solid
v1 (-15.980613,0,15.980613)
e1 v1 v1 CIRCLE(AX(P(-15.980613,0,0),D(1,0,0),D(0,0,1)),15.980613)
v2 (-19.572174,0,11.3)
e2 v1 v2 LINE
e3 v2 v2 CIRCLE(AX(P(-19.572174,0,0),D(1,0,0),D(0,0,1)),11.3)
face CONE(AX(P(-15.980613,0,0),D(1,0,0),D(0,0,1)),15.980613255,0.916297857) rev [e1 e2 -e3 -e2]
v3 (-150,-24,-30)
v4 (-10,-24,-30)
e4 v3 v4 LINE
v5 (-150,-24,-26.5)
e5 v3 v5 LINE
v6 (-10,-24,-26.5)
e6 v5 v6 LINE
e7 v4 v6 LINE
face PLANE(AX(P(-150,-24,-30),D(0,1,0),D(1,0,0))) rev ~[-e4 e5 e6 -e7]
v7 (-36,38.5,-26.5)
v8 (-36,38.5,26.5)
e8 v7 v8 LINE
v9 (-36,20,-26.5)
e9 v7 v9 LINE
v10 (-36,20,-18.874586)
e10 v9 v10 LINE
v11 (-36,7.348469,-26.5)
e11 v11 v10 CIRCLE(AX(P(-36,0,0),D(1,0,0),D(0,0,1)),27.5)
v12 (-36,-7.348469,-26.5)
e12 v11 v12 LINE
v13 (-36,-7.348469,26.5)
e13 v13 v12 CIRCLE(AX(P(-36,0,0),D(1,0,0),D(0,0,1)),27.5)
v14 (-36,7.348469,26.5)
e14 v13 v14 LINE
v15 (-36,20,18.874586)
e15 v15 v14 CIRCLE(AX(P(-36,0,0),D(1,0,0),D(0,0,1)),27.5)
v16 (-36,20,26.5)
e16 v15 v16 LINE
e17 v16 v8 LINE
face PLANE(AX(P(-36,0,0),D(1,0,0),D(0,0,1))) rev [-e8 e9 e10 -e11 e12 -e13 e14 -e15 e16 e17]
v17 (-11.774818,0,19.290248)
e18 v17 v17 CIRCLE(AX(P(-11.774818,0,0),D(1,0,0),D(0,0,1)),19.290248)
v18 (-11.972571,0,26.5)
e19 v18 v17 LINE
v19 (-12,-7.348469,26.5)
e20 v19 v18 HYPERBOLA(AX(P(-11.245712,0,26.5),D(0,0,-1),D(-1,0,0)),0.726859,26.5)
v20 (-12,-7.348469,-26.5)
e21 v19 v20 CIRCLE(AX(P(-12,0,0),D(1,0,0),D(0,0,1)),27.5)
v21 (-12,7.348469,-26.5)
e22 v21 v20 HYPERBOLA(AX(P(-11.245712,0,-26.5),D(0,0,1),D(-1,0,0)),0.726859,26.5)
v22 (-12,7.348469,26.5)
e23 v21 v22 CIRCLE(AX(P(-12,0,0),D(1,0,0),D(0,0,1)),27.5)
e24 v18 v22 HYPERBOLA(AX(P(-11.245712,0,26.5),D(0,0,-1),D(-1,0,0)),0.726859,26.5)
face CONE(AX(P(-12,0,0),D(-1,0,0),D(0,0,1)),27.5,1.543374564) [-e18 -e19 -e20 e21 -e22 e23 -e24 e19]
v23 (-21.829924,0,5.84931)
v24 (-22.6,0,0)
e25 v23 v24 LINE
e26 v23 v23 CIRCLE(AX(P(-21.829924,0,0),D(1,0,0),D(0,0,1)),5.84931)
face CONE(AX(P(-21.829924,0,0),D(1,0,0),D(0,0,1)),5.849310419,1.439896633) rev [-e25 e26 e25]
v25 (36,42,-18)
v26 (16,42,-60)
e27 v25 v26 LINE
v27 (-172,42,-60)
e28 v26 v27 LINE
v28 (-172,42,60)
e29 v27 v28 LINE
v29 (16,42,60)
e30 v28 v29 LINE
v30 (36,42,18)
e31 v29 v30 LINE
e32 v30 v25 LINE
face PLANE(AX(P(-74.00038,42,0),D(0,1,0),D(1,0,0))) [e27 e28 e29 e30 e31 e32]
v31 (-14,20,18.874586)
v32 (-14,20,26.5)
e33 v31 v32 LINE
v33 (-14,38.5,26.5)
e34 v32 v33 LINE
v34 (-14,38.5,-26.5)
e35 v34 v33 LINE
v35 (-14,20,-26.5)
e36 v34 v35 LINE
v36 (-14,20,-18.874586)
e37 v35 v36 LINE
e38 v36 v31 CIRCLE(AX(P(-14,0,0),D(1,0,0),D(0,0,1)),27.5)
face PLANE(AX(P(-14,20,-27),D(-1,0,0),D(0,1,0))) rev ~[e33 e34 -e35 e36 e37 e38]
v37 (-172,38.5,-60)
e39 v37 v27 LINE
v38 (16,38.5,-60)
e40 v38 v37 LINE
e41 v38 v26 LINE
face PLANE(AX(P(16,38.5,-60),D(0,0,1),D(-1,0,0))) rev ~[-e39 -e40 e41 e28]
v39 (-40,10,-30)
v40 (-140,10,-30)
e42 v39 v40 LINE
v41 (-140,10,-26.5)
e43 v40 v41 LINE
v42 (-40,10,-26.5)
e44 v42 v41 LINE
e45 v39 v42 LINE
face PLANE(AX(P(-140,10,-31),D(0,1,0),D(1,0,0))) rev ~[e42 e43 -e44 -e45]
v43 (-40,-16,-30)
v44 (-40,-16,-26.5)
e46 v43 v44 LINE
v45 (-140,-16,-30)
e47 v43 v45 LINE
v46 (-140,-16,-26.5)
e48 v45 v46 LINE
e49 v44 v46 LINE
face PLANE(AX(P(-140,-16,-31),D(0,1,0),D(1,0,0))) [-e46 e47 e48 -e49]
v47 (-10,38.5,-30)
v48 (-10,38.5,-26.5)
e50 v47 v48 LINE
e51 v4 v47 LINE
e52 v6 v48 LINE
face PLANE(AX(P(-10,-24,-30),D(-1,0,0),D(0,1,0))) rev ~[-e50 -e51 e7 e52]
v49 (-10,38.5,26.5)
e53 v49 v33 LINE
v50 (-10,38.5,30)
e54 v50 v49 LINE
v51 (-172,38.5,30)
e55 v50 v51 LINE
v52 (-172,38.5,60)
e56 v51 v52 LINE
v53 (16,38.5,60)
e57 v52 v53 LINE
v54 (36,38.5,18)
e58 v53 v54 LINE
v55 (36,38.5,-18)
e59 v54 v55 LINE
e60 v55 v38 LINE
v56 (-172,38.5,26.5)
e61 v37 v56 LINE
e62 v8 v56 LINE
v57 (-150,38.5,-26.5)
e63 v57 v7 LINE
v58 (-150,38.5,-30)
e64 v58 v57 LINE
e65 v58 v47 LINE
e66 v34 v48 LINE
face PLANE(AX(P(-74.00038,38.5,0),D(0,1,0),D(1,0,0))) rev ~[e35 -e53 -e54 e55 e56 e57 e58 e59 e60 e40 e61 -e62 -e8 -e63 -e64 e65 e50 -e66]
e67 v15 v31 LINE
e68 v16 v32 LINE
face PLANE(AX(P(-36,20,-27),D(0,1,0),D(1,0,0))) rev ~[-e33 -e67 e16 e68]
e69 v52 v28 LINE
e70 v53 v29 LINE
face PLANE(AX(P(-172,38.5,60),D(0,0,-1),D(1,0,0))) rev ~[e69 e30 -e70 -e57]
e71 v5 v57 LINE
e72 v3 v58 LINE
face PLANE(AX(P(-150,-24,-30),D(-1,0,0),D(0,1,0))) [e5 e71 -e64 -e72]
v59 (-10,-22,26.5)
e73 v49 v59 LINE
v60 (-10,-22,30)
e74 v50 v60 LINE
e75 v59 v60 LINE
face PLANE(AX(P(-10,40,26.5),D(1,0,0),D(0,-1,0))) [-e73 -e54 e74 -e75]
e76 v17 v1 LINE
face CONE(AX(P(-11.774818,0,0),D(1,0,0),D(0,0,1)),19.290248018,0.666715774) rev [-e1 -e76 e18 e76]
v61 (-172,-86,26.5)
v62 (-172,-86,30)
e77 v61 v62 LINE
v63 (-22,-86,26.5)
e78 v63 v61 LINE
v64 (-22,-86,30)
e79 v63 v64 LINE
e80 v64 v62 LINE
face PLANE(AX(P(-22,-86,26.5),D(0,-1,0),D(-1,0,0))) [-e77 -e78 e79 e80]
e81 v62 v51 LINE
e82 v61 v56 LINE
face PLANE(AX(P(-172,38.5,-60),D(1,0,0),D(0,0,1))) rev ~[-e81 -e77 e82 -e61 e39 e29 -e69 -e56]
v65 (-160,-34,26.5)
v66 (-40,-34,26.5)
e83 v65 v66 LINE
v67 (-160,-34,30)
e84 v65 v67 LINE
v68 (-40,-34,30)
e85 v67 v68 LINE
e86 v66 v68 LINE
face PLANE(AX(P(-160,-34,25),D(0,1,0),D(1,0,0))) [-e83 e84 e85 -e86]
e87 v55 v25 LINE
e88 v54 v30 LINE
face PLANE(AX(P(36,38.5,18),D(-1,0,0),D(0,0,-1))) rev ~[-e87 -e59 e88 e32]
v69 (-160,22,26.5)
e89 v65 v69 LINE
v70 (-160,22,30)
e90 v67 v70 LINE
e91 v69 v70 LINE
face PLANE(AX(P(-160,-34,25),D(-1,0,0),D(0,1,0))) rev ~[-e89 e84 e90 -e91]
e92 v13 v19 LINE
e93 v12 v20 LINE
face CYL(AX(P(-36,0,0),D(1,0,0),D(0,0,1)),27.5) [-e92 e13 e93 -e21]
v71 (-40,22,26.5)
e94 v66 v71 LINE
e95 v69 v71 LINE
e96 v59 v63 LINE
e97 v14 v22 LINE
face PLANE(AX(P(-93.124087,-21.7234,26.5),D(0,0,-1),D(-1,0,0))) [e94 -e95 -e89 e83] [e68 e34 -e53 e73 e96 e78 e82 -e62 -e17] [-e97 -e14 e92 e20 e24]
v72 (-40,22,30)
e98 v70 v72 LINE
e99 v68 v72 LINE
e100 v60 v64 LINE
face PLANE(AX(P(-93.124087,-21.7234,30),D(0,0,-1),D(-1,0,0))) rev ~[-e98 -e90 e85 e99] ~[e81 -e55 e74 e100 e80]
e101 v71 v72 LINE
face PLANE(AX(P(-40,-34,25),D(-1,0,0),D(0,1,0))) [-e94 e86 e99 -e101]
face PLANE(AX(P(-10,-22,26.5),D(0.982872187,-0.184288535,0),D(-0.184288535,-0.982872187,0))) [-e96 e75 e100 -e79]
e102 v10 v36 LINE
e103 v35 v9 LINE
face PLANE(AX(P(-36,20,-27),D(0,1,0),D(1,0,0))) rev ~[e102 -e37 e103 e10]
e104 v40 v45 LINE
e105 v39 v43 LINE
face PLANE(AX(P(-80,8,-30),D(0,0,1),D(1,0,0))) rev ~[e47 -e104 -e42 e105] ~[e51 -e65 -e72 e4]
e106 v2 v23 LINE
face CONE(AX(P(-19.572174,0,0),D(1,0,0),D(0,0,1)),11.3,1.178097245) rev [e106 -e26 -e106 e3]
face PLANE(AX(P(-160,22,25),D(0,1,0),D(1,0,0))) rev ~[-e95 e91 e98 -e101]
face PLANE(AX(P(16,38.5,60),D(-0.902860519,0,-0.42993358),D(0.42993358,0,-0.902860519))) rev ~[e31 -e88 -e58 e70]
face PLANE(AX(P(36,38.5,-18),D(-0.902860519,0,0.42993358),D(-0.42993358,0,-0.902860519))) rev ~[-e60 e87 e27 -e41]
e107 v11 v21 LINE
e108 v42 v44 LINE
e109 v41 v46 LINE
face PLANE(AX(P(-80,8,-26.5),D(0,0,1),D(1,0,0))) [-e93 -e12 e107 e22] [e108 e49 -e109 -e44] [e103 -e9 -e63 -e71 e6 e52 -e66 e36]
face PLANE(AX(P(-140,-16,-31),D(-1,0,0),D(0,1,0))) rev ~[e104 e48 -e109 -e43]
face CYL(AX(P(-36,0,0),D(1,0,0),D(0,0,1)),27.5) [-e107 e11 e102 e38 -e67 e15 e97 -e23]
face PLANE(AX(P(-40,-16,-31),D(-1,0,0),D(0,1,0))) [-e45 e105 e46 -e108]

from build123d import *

# Parameters (mm, degrees)
PLACA_SUPERIOR_ACROMION_DEPTH  = 3.5
PLACA_POSTERIOR_ESCAPULA_DEPTH = 3.5
SKETCH3_W                      = 140
SKETCH3_H                      = 64
PLACA_ANTERIOR_DEPTH           = 3.5
SKETCH4_W                      = 22
SKETCH4_H                      = 20
CUELLO_GLENOIDEO_DEPTH         = 54
SKETCH6_W                      = 120
SKETCH6_H                      = 56
VENTANA_POSTERIOR_DEPTH        = 6
SKETCH7_W                      = 100
SKETCH7_H                      = 26
VENTANA_ANTERIOR_DEPTH         = 6


with BuildPart() as part:
    # Sketch1 → Placa_superior_acromion (new body)
    with BuildSketch(Plane(origin=(0, 38.5, 0), x_dir=(1, 0, 0), z_dir=(0, 1, 0))):
        Polygon((-172, -60), (16, -60), (36, -18), (36, 18), (16, 60), (-172, 60), align=None)
    extrude(amount=PLACA_SUPERIOR_ACROMION_DEPTH)

    # Sketch2 → Placa_posterior_escapula (add)
    with BuildSketch(Plane.XY.offset(26.5)):
        Polygon((-172, 40), (-10, 40), (-10, -22), (-22, -86), (-172, -86), align=None)
    extrude(amount=PLACA_POSTERIOR_ESCAPULA_DEPTH)

    # Sketch3 → Placa_anterior (add)
    with BuildSketch(Plane.XY.offset(-30)):
        with Locations((-80, 8)):
            Rectangle(SKETCH3_W, SKETCH3_H)
    extrude(amount=PLACA_ANTERIOR_DEPTH)

    # Sketch4 → Cuello_glenoideo (add)
    with BuildSketch(Plane.XY.offset(-27)):
        with Locations((-25, 30)):
            Rectangle(SKETCH4_W, SKETCH4_H)
    extrude(amount=CUELLO_GLENOIDEO_DEPTH)

    # Sketch5 → Cavidad_glenoidea (revolve)
    with BuildSketch(Plane.XY, mode=Mode.PRIVATE) as cavidad_glenoidea_sk:
        Polygon((-36, 0), (-36, 27.5), (-12, 27.5), (-11.77481768, 19.290248018), (-15.980613255, 15.980613255), (-19.572174126, 11.3), (-21.829923674, 5.849310419), (-22.6, 0), align=None)
    revolve(cavidad_glenoidea_sk.sketch.rotate(Axis((-40, 0, 0), (1, 0, 0)), 90), axis=Axis((-40, 0, 0), (1, 0, 0)))

    # Sketch6 → Ventana_posterior (cut)
    with BuildSketch(Plane.XY.offset(25)):
        with Locations((-100, -6)):
            Rectangle(SKETCH6_W, SKETCH6_H)
    extrude(amount=VENTANA_POSTERIOR_DEPTH, mode=Mode.SUBTRACT)

    # Sketch7 → Ventana_anterior (cut)
    with BuildSketch(Plane.XY.offset(-31)):
        with Locations((-90, -3)):
            Rectangle(SKETCH7_W, SKETCH7_H)
    extrude(amount=VENTANA_ANTERIOR_DEPTH, mode=Mode.SUBTRACT)


solid = part.part
